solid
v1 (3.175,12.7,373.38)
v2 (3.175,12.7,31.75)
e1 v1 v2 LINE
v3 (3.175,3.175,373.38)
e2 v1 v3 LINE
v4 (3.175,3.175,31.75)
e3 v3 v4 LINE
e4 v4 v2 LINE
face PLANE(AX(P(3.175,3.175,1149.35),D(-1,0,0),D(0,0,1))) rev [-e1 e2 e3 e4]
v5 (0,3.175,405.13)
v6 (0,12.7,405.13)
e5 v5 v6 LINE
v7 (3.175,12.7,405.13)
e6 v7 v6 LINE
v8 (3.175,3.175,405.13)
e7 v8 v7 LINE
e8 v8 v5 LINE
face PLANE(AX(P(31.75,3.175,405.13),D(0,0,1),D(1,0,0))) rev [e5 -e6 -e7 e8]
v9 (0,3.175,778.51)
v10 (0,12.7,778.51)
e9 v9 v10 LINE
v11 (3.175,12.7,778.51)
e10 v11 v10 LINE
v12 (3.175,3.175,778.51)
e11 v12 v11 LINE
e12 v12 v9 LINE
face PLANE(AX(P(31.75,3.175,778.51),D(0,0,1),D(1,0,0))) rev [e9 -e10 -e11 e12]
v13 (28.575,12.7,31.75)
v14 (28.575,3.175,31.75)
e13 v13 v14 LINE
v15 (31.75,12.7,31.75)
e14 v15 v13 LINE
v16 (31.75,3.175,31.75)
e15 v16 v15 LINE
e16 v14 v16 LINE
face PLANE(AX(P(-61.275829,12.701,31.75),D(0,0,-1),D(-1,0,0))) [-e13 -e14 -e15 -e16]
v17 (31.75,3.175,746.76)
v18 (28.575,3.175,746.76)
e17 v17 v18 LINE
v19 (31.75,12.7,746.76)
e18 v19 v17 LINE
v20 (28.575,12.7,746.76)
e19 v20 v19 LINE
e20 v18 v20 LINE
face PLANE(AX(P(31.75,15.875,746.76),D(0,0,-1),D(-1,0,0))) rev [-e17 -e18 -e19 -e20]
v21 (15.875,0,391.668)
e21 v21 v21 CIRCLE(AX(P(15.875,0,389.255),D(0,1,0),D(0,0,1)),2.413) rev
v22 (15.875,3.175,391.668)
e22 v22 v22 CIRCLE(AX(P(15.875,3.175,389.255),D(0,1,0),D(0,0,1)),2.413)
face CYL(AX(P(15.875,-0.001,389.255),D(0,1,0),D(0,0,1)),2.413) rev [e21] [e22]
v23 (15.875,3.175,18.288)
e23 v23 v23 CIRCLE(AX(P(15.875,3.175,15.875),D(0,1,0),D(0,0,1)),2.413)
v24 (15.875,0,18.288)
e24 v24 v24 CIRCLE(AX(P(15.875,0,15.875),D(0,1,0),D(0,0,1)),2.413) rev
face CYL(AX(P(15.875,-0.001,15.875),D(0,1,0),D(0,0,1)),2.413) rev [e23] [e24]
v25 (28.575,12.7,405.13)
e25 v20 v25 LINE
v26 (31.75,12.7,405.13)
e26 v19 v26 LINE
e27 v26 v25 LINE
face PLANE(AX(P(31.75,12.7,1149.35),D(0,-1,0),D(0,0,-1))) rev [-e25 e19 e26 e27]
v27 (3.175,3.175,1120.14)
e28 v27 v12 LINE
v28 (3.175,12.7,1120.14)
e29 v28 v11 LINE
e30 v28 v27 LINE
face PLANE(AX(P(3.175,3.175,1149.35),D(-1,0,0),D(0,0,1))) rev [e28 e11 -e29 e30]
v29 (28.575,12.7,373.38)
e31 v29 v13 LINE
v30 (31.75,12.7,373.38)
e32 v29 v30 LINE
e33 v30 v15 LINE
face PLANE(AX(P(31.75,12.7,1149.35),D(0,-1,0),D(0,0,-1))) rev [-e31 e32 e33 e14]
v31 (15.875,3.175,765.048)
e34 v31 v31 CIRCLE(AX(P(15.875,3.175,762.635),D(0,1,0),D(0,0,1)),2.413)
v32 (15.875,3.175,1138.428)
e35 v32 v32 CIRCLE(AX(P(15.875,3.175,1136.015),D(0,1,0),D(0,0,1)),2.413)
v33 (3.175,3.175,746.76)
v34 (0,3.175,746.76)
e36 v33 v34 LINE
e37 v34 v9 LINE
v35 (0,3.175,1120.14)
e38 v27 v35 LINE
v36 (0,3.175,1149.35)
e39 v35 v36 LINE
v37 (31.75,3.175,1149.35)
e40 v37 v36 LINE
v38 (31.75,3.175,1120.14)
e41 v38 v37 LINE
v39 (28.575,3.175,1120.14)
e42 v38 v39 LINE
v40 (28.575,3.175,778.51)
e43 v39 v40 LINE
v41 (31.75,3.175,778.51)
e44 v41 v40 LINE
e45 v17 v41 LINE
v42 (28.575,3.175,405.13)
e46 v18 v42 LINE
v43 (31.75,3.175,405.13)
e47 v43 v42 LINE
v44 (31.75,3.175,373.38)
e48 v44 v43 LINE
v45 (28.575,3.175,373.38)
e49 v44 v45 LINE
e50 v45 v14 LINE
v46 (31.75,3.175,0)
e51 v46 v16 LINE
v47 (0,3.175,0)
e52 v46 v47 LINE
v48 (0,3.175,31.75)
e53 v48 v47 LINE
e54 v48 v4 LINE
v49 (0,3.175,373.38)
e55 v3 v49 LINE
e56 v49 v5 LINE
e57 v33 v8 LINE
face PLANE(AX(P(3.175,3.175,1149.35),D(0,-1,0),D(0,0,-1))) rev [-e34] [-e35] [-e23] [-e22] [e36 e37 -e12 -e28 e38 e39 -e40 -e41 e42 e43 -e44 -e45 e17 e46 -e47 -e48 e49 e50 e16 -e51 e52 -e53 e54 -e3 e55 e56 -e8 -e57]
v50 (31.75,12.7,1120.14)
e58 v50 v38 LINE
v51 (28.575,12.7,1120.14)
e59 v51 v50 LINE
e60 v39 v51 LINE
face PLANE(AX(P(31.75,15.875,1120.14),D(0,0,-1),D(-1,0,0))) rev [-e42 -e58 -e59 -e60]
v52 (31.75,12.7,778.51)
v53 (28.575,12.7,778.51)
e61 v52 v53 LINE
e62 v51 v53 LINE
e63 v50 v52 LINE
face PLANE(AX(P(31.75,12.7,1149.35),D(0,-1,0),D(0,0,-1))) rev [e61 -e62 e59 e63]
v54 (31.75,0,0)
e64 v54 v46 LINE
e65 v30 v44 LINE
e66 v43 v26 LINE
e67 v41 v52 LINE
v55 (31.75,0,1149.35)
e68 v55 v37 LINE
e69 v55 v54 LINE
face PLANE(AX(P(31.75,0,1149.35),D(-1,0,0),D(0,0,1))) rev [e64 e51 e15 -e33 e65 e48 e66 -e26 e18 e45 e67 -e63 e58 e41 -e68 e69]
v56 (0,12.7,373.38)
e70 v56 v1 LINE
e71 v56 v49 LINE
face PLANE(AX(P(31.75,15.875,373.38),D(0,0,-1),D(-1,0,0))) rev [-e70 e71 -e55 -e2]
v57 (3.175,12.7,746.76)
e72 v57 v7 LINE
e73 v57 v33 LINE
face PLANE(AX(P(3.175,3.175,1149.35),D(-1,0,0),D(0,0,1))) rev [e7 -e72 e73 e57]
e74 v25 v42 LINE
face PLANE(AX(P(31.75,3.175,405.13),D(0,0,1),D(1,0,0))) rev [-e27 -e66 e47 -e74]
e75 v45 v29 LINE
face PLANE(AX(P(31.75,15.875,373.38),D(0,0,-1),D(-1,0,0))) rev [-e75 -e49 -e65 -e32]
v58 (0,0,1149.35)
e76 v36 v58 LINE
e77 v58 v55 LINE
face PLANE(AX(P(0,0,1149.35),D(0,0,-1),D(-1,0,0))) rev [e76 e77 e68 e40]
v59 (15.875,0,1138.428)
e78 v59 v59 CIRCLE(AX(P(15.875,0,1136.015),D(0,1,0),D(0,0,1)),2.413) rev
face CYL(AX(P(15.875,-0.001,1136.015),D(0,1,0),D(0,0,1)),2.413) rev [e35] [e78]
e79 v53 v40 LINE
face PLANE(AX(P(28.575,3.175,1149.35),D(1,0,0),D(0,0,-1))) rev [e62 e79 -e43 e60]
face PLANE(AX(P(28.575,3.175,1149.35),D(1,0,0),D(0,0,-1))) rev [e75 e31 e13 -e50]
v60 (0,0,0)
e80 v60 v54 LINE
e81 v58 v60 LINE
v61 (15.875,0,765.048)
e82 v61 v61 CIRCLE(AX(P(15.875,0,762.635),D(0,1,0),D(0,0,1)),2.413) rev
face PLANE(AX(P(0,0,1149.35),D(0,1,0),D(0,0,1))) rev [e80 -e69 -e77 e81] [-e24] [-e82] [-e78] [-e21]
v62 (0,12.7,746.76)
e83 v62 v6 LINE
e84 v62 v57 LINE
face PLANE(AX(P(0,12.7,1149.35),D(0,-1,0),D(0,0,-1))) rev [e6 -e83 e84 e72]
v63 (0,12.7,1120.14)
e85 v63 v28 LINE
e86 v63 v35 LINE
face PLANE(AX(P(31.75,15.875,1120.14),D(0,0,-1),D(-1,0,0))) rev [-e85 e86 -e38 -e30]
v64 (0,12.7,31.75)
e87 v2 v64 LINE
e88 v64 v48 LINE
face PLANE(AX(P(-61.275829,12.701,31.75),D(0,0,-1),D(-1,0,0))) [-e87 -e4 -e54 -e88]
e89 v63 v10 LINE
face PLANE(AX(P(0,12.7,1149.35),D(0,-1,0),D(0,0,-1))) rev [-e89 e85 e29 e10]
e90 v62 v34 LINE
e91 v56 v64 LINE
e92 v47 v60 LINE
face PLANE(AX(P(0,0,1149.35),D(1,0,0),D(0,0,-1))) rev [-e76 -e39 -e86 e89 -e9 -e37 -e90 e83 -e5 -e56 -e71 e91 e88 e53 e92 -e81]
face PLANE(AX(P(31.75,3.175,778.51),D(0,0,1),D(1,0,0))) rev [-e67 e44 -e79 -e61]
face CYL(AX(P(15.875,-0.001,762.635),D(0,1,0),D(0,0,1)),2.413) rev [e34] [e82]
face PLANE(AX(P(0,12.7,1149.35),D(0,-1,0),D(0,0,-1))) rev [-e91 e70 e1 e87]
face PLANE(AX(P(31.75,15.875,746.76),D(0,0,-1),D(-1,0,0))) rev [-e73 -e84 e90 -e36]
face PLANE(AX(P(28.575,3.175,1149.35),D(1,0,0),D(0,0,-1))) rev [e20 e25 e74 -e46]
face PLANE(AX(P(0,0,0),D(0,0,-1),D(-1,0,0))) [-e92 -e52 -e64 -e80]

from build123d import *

# Parameters (mm, degrees)
BOSS_EXTRUDE1_DEPTH = 1149.35
SKETCH2_W           = 132.323055729
SKETCH2_H           = 87.040299976
CUT_EXTRUDE1_DEPTH  = 9.525
SKETCH3_W           = 31.75
SKETCH3_H           = 12.7
CUT_EXTRUDE2_DEPTH  = 1150.858589132
SKETCH4_W           = 31.75
SKETCH4_H           = 12.7
CUT_EXTRUDE3_DEPTH  = 1150.858589132
SKETCH5_W           = 31.75
SKETCH5_H           = 12.7
CUT_EXTRUDE4_DEPTH  = 1150.858589132
CUT_EXTRUDE5_REACH  = 1151.828
SKETCH6_R           = 2.413


with BuildPart() as part:
    # Sketch1 → Boss-Extrude1 (new body)
    with BuildSketch(Plane.XY):
        Polygon((3.175, 3.175), (3.175, 12.7), (0, 12.7), (0, 0), (31.75, 0), (31.75, 12.7), (28.575, 12.7), (28.575, 3.175), align=None)
    extrude(amount=BOSS_EXTRUDE1_DEPTH)

    # Sketch2 → Cut-Extrude1 (cut)
    with BuildSketch(Plane(origin=(0, 3.175, 0), x_dir=(1, 0, 0), z_dir=(0, 1, 0))):
        with Locations((4.885698681, 11.770149988)):
            Rectangle(SKETCH2_W, SKETCH2_H)
    extrude(amount=CUT_EXTRUDE1_DEPTH, mode=Mode.SUBTRACT)

    # Sketch3 → Cut-Extrude2 (cut, through all)
    with BuildSketch(Plane.ZY):
        with Locations((389.255, 9.525)):
            Rectangle(SKETCH3_W, SKETCH3_H)
    extrude(amount=-CUT_EXTRUDE2_DEPTH, mode=Mode.SUBTRACT)

    # Sketch4 → Cut-Extrude3 (cut, through all)
    with BuildSketch(Plane.ZY):
        with Locations((762.635, 9.525)):
            Rectangle(SKETCH4_W, SKETCH4_H)
    extrude(amount=-CUT_EXTRUDE3_DEPTH, mode=Mode.SUBTRACT)

    # Sketch5 → Cut-Extrude4 (cut, through all)
    with BuildSketch(Plane.ZY):
        with Locations((1136.015, 9.525)):
            Rectangle(SKETCH5_W, SKETCH5_H)
    extrude(amount=-CUT_EXTRUDE4_DEPTH, mode=Mode.SUBTRACT)

    # Sketch6 → Cut-Extrude5 (cut, up to next)
    with BuildSketch(Plane(origin=(0, 3.175, 0), x_dir=(1, 0, 0), z_dir=(0, 1, 0)), mode=Mode.PRIVATE) as cut_extrude5_sk1:
        with Locations(Location((15.875, -15.875, 0), (0, 0, 270))):
            Circle(SKETCH6_R)
    cut_extrude5_tool1 = extrude(cut_extrude5_sk1.sketch, amount=-CUT_EXTRUDE5_REACH, mode=Mode.PRIVATE) & part.part
    # Sketch6 → Cut-Extrude5 (cut, up to next)
    with BuildSketch(Plane(origin=(0, 3.175, 0), x_dir=(1, 0, 0), z_dir=(0, 1, 0)), mode=Mode.PRIVATE) as cut_extrude5_sk2:
        with Locations(Location((15.875, -389.255, 0), (0, 0, 270))):
            Circle(SKETCH6_R)
    cut_extrude5_tool2 = extrude(cut_extrude5_sk2.sketch, amount=-CUT_EXTRUDE5_REACH, mode=Mode.PRIVATE) & part.part
    # Sketch6 → Cut-Extrude5 (cut, up to next)
    with BuildSketch(Plane(origin=(0, 3.175, 0), x_dir=(1, 0, 0), z_dir=(0, 1, 0)), mode=Mode.PRIVATE) as cut_extrude5_sk3:
        with Locations(Location((15.875, -762.635, 0), (0, 0, 270))):
            Circle(SKETCH6_R)
    cut_extrude5_tool3 = extrude(cut_extrude5_sk3.sketch, amount=-CUT_EXTRUDE5_REACH, mode=Mode.PRIVATE) & part.part
    # Sketch6 → Cut-Extrude5 (cut, up to next)
    with BuildSketch(Plane(origin=(0, 3.175, 0), x_dir=(1, 0, 0), z_dir=(0, 1, 0)), mode=Mode.PRIVATE) as cut_extrude5_sk4:
        with Locations(Location((15.875, -1136.015, 0), (0, 0, 270))):
            Circle(SKETCH6_R)
    cut_extrude5_tool4 = extrude(cut_extrude5_sk4.sketch, amount=-CUT_EXTRUDE5_REACH, mode=Mode.PRIVATE) & part.part
    add(cut_extrude5_tool1.solids().sort_by_distance((15.875, 3.175, 15.875))[0], mode=Mode.SUBTRACT)
    add(cut_extrude5_tool2.solids().sort_by_distance((15.875, 3.175, 389.255))[0], mode=Mode.SUBTRACT)
    add(cut_extrude5_tool3.solids().sort_by_distance((15.875, 3.175, 762.635))[0], mode=Mode.SUBTRACT)
    add(cut_extrude5_tool4.solids().sort_by_distance((15.875, 3.175, 1136.015))[0], mode=Mode.SUBTRACT)


solid = part.part
